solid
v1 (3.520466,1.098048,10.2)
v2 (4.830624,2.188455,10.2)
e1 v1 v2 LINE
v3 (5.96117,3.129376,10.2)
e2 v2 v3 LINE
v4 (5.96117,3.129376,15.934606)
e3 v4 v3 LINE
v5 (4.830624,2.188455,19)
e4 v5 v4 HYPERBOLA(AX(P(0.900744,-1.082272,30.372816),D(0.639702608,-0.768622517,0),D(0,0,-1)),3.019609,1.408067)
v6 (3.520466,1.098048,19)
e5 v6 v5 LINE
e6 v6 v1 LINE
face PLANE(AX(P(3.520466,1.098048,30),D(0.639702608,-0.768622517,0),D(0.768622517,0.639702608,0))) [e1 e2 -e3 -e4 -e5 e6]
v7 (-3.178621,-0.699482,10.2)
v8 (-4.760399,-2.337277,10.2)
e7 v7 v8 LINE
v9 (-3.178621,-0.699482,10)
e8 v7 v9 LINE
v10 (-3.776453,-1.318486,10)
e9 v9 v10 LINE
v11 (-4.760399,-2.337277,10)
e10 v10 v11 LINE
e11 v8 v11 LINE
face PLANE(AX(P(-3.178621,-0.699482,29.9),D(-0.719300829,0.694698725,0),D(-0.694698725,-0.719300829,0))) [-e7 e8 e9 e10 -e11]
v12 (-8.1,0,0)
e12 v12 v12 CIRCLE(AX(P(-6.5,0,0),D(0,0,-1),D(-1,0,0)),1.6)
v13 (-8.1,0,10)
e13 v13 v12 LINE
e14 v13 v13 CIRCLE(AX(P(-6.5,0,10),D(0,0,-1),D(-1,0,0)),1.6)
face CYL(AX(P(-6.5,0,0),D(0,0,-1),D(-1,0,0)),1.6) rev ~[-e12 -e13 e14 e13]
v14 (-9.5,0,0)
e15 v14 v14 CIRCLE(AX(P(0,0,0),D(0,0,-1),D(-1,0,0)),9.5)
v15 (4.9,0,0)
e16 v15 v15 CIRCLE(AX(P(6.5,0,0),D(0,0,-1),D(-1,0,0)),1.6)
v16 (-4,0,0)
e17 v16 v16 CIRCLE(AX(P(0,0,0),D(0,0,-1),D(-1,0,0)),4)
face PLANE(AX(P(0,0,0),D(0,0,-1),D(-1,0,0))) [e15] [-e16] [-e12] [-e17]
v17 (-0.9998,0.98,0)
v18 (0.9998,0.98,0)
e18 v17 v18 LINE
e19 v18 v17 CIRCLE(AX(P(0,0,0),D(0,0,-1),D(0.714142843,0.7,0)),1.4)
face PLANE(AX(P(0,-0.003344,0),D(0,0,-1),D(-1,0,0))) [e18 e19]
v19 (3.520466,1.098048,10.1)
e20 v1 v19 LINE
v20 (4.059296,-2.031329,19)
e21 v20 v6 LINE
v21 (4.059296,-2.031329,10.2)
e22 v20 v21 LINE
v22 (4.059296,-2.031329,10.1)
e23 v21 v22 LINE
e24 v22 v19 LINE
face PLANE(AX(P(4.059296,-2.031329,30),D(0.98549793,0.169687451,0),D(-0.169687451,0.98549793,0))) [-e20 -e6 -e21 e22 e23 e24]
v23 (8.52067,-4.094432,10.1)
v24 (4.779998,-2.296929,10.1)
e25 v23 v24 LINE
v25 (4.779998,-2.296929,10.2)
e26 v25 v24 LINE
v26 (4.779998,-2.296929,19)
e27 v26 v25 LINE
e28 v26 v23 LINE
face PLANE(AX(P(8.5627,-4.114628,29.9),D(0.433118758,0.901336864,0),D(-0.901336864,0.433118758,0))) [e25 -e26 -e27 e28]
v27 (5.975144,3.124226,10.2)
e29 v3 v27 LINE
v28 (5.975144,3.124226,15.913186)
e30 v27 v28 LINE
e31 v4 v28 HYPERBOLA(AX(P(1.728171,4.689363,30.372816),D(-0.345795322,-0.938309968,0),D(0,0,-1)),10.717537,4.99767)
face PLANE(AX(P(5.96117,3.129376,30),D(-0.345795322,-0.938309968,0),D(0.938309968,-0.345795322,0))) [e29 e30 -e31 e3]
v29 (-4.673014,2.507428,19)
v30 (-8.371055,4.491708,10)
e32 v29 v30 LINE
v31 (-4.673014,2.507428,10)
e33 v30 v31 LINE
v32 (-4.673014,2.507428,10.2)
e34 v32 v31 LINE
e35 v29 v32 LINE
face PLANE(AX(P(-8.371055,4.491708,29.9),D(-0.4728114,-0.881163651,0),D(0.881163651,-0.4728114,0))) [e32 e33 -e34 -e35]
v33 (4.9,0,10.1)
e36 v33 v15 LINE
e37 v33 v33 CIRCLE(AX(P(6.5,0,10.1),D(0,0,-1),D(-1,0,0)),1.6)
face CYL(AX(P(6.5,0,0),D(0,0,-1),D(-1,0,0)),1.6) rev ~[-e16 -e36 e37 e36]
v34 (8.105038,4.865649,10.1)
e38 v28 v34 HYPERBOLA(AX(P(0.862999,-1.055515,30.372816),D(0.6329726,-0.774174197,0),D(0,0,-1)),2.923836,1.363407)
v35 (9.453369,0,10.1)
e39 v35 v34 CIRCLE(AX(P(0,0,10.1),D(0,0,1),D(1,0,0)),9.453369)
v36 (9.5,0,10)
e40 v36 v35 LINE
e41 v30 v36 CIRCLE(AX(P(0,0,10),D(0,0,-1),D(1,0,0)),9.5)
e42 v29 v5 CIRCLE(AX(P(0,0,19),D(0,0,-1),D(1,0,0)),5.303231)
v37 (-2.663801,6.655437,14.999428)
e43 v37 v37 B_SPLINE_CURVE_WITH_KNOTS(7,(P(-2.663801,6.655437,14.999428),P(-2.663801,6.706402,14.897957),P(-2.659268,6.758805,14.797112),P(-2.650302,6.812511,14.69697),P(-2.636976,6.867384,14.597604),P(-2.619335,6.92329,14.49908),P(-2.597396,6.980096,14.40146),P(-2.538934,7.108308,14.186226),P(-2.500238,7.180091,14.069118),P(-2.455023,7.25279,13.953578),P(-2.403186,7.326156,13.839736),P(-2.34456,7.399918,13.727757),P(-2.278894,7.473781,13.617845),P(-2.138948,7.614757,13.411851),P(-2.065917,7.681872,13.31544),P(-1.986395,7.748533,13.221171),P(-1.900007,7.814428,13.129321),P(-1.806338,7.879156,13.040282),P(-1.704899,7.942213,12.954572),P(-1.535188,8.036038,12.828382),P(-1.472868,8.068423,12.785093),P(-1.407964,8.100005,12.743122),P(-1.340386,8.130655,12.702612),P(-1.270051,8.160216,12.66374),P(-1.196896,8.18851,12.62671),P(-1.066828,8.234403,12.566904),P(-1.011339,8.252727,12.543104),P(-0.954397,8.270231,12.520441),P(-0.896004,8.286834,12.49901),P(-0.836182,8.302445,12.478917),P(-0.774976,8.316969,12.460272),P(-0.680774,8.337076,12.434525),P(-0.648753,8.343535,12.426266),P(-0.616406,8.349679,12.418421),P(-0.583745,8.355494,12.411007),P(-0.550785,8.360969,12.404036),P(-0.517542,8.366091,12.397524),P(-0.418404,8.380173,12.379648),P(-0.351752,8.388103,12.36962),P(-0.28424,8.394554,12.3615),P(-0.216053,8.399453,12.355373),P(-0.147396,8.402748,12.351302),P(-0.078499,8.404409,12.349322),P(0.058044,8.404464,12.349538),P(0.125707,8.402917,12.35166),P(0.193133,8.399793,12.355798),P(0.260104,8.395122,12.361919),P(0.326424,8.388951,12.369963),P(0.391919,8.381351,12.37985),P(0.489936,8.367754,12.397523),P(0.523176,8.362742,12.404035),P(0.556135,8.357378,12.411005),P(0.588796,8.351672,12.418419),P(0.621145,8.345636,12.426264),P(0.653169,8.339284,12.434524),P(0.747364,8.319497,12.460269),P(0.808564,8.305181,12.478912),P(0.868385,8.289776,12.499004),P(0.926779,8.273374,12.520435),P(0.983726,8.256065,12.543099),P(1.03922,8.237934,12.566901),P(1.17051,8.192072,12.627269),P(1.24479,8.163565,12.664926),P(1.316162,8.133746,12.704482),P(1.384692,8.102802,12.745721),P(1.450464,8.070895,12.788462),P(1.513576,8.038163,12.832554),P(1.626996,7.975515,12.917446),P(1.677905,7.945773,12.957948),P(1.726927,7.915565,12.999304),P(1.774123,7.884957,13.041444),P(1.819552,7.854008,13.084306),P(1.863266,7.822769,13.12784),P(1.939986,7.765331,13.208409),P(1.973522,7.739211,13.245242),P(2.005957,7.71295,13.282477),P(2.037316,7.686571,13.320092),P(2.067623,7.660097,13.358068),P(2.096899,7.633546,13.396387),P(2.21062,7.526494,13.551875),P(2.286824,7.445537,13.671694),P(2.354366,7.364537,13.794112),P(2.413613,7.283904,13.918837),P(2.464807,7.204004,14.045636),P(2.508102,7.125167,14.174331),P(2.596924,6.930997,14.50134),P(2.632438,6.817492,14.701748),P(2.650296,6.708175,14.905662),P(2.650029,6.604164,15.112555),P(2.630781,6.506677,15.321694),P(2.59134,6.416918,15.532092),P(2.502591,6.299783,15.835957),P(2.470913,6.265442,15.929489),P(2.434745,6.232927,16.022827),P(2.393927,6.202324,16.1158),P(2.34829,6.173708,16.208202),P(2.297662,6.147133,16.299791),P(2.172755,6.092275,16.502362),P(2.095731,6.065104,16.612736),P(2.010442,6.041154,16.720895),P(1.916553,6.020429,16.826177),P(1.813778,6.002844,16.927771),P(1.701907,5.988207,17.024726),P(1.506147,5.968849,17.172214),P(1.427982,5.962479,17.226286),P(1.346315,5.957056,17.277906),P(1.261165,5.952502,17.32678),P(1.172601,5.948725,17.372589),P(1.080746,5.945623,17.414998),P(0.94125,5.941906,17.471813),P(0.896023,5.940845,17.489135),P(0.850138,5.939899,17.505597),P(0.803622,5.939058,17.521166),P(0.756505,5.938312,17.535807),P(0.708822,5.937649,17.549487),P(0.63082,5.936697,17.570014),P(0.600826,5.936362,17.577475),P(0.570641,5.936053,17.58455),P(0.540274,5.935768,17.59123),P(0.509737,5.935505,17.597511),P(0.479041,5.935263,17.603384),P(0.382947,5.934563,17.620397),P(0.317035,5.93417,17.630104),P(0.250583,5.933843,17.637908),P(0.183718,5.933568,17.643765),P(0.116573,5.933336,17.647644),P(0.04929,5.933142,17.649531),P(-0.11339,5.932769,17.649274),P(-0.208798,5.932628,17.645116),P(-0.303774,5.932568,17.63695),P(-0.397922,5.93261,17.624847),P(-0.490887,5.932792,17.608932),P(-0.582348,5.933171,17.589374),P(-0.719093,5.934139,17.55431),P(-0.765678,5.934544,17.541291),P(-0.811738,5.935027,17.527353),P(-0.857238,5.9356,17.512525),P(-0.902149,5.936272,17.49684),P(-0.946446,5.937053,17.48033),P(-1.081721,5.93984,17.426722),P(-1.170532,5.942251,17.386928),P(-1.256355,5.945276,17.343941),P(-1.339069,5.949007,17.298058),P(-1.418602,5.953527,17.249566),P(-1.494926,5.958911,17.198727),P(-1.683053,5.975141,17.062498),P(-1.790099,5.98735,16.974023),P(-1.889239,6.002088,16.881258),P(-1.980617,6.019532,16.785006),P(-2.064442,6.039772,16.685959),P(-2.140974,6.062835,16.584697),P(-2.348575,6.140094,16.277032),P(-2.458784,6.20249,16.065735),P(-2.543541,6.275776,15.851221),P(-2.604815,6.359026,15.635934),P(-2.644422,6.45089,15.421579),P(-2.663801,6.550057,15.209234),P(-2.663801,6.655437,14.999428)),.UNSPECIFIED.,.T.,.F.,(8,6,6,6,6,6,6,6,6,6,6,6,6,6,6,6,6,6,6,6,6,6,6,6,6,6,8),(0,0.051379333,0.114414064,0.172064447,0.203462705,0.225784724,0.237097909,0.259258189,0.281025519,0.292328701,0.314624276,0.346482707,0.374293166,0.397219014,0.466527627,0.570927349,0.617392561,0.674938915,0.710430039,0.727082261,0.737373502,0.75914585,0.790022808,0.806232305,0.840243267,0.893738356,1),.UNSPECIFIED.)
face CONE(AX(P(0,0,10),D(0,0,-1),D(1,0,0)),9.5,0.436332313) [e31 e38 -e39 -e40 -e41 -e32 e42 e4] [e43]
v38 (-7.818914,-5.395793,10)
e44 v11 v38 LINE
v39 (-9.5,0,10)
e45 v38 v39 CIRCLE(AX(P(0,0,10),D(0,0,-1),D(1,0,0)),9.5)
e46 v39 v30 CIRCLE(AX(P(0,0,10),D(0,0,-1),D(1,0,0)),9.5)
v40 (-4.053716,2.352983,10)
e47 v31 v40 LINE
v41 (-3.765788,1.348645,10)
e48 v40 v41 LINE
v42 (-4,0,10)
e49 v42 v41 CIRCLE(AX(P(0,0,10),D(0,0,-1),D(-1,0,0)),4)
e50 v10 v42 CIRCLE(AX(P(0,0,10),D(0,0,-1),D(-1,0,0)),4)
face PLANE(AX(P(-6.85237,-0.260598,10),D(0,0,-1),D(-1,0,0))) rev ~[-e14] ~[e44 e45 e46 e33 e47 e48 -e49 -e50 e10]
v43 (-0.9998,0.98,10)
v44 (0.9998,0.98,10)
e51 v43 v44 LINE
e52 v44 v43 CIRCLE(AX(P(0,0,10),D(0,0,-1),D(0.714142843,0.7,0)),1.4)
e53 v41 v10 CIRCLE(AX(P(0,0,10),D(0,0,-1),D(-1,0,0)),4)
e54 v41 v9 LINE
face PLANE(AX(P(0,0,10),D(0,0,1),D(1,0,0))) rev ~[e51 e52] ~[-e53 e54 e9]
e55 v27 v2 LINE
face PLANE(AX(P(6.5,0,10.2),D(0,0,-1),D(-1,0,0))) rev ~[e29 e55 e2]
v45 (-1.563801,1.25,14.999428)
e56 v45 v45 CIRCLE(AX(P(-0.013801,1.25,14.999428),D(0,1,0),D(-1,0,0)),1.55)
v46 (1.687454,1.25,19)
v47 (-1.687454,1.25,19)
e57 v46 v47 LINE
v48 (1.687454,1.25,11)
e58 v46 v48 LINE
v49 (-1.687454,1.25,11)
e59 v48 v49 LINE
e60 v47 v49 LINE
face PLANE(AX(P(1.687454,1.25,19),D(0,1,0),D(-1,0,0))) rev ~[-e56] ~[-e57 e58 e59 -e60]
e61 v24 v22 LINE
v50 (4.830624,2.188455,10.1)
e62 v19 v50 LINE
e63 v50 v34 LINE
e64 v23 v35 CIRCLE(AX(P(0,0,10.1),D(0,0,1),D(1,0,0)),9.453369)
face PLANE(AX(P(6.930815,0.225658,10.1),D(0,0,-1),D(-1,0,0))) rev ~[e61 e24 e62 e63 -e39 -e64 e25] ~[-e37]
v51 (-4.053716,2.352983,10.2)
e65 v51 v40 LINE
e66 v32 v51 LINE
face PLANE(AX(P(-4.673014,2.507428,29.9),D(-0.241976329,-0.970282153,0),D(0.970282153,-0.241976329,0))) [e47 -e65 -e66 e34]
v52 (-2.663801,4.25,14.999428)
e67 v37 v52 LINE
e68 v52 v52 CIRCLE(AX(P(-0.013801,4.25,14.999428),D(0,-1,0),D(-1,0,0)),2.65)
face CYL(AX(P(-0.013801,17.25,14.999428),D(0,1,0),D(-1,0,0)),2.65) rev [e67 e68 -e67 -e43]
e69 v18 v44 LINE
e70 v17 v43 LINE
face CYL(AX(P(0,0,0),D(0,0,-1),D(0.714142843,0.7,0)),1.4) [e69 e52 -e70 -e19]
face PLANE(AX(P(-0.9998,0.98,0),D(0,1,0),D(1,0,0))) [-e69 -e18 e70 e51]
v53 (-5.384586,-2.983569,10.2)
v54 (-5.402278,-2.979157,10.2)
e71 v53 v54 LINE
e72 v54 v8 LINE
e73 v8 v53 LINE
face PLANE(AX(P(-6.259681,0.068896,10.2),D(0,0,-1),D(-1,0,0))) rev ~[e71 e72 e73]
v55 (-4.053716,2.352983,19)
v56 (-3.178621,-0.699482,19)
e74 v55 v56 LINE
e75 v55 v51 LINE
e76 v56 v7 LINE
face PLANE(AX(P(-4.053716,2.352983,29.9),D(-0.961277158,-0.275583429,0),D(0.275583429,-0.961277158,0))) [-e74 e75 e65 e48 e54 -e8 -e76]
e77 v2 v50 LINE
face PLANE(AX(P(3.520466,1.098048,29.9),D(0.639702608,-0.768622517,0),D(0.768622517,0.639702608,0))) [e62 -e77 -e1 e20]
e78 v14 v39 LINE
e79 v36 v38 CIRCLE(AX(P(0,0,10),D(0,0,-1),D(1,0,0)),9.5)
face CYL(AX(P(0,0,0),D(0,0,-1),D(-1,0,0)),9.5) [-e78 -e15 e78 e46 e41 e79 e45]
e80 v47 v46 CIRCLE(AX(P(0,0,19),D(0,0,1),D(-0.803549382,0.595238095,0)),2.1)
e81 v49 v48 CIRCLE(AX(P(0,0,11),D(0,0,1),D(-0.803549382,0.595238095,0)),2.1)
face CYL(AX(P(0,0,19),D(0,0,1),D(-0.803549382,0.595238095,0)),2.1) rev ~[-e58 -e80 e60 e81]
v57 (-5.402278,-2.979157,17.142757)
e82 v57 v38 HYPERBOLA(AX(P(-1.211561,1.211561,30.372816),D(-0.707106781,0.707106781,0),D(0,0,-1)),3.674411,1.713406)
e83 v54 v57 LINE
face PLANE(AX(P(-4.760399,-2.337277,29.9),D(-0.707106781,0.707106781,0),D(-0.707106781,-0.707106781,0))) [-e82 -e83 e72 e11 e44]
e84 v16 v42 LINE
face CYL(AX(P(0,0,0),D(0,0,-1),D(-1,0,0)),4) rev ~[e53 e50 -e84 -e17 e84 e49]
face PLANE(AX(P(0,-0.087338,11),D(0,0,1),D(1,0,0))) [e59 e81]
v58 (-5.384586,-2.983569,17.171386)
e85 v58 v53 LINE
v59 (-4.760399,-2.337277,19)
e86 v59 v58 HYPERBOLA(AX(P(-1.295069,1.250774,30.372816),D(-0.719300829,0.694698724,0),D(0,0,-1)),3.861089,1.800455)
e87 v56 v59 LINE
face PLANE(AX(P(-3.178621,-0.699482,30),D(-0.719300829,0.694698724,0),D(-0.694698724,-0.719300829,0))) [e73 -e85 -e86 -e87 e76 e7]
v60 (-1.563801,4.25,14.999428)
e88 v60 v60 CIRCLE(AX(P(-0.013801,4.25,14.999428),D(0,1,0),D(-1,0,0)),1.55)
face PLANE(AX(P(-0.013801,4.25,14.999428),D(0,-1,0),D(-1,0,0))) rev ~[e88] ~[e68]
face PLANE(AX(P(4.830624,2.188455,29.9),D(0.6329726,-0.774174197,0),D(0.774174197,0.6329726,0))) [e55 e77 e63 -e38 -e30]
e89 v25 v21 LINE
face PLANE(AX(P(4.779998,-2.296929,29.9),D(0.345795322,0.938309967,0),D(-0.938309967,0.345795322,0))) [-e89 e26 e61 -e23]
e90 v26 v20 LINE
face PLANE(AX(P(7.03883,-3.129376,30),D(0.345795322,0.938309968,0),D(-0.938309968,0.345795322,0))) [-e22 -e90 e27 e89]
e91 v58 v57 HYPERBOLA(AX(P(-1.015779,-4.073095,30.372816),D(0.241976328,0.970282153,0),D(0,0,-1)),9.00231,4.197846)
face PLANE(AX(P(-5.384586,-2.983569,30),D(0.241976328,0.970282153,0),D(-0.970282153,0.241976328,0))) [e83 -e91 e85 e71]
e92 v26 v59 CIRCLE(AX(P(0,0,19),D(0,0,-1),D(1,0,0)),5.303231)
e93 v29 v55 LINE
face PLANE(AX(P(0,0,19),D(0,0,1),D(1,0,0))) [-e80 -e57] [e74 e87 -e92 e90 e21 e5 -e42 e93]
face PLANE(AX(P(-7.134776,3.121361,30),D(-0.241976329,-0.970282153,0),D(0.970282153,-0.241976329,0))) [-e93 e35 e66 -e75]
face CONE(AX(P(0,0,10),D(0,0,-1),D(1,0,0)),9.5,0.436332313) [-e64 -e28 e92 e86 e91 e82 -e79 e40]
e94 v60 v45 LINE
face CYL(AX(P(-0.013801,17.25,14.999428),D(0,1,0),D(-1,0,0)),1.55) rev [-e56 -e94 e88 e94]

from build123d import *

# Parameters (mm, degrees)
ESBO_O2_R                   = 9.5
RESSALTO_EXTRUS_O3_DEPTH    = 9
RESSALTO_EXTRUS_O3_TAPER    = 25
CORTE_EXTRUS_O1_DEPTH       = 8
CORTE_EXTRUS_O4_DEPTH       = 10
CORTE_EXTRUS_O4_DEPTH_BACK  = 8
ESBO_O12_R                  = 1.55
CORTE_EXTRUS_O5_DEPTH       = 5
CORTE_EXTRUS_O5_DEPTH_BACK  = 8
ESBO_O20_R                  = 2.65
CORTE_EXTRUS_O6_DEPTH       = 9.8
CORTE_EXTRUS_O6_DEPTH_BACK  = 10
ESBO_O36_R                  = 1.6
CORTE_EXTRUS_O8_DEPTH       = 10
RESSALTO_EXTRUS_O4_START    = 10
ESBO_O36_3_R                = 9.5
ESBO_O36_3_R_2              = 1.6
ESBO_O36_3_R_3              = 4
RESSALTO_EXTRUS_O4_DEPTH    = 10
CORTE_EXTRUS_O10_DEPTH      = 10
CORTE_EXTRUS_O10_DEPTH_BACK = 9.9
CORTE_EXTRUS_O11_DEPTH      = 9.9
CORTE_EXTRUS_O11_DEPTH_BACK = 9.9


with BuildPart() as part:
    # Esboço2 → Ressalto-extrusão3 (new body)
    with BuildSketch(Plane.XY.offset(10)):
        Circle(ESBO_O2_R)
    extrude(amount=RESSALTO_EXTRUS_O3_DEPTH, taper=RESSALTO_EXTRUS_O3_TAPER)

    # Esboço8 → Corte-extrusão1 (cut)
    with BuildSketch(Plane.XY.offset(19)):
        with BuildLine():
            ThreePointArc((-1.687453703, 1.25), (0, -2.1), (1.687453703, 1.25))
            Line((1.687453703, 1.25), (-1.687453703, 1.25))
        make_face()
    extrude(amount=-CORTE_EXTRUS_O1_DEPTH, mode=Mode.SUBTRACT)

    # Esboço12 → Corte-extrusão4 (cut, two sides: drawn at the far end of the back side and taken through both)
    with BuildSketch(Plane(origin=(0, 9.25, 0), x_dir=(-1, 0, 0), z_dir=(0, -1, 0)).offset(-CORTE_EXTRUS_O4_DEPTH_BACK)):
        with Locations((0.013800593, -14.999427624)):
            Circle(ESBO_O12_R)
    extrude(amount=CORTE_EXTRUS_O4_DEPTH + CORTE_EXTRUS_O4_DEPTH_BACK, mode=Mode.SUBTRACT)

    # Esboço20 → Corte-extrusão5 (cut, two sides: drawn at the far end of the back side and taken through both)
    with BuildSketch(Plane(origin=(0, 9.25, 0), x_dir=(-1, 0, 0), z_dir=(0, -1, 0)).offset(-CORTE_EXTRUS_O5_DEPTH_BACK)):
        with Locations((0.013800593, -14.999427624)):
            Circle(ESBO_O20_R)
    extrude(amount=CORTE_EXTRUS_O5_DEPTH + CORTE_EXTRUS_O5_DEPTH_BACK, mode=Mode.SUBTRACT)

    # Esboço25 → Corte-extrusão6 (cut, two sides: drawn at the far end of the back side and taken through both)
    with BuildSketch(Plane(origin=(0, 0, 20), x_dir=(-1, 0, 0), z_dir=(0, 0, -1)).offset(-CORTE_EXTRUS_O6_DEPTH_BACK)):
        Polygon((7.134775628, 3.121360799), (4.053715986, 2.352982757), (3.178621068, -0.699482185), (5.384585793, -2.983569084), (8.465645436, -2.215191043), (9.340740353, 0.837273899), align=None)
        Polygon((-5.961169976, 3.129376222), (-8.940704294, 2.0313286), (-9.479534318, -1.098047621), (-7.038830024, -3.129376222), (-4.059295706, -2.0313286), (-3.520465682, 1.098047621), align=None)
    extrude(amount=CORTE_EXTRUS_O6_DEPTH + CORTE_EXTRUS_O6_DEPTH_BACK, mode=Mode.SUBTRACT)

    # Esboço36 → Corte-extrusão8 (cut)
    with BuildSketch(Plane(origin=(0, 0, 10), x_dir=(-1, 0, 0), z_dir=(0, 0, -1))):
        with Locations((-6.5, 0)):
            Circle(ESBO_O36_R)
        with Locations((6.5, 0)):
            Circle(ESBO_O36_R)
    extrude(amount=-CORTE_EXTRUS_O8_DEPTH, mode=Mode.SUBTRACT)

    # Esboço36<3> → Ressalto-extrusão4 (add)
    # profile 1 of 2: a face of its own
    with BuildSketch(Plane(origin=(0, 0, 10), x_dir=(-1, 0, 0), z_dir=(0, 0, -1)).offset(RESSALTO_EXTRUS_O4_START)):
        Circle(ESBO_O36_3_R)
        with Locations((-6.5, 0)):
            Circle(ESBO_O36_3_R_2, mode=Mode.SUBTRACT)
        Circle(ESBO_O36_3_R_3, mode=Mode.SUBTRACT)
        with Locations((6.5, 0)):
            Circle(ESBO_O36_3_R_2, mode=Mode.SUBTRACT)
    # profile 2 of 2: a face of its own
    with BuildSketch(Plane(origin=(0, 0, 10), x_dir=(-1, 0, 0), z_dir=(0, 0, -1)).offset(RESSALTO_EXTRUS_O4_START)):
        with BuildLine():
            Line((0.99979998, 0.98), (-0.99979998, 0.98))
            ThreePointArc((-0.99979998, 0.98), (0, -1.4), (0.99979998, 0.98))
        make_face()
    extrude(amount=-RESSALTO_EXTRUS_O4_DEPTH)

    # Esboço49 → Corte-extrusão10 (cut, two sides: drawn at the far end of the back side and taken through both)
    with BuildSketch(Plane(origin=(0, 0, 20), x_dir=(-1, 0, 0), z_dir=(0, 0, -1)).offset(-CORTE_EXTRUS_O10_DEPTH_BACK)):
        with BuildLine():
            Line((8.371054684, 4.491708302), (4.673014458, 2.507428111))
            Line((4.673014458, 2.507428111), (4.053715986, 2.352982757))
            Line((4.053715986, 2.352982757), (3.178621068, -0.699482185))
            Line((3.178621068, -0.699482185), (4.760398724, -2.337277014))
            Line((4.760398724, -2.337277014), (7.818914356, -5.395792647))
            ThreePointArc((7.818914356, -5.395792647), (9.069996868, -2.825801976), (9.5, 0))
            ThreePointArc((9.5, 0), (9.213441797, 2.31570513), (8.371054684, 4.491708302))
        make_face()
    extrude(amount=CORTE_EXTRUS_O10_DEPTH + CORTE_EXTRUS_O10_DEPTH_BACK, mode=Mode.SUBTRACT)

    # Esboço49<4> → Corte-extrusão11 (cut, two sides: drawn at the far end of the back side and taken through both)
    with BuildSketch(Plane(origin=(0, 0, 20), x_dir=(-1, 0, 0), z_dir=(0, 0, -1)).offset(-CORTE_EXTRUS_O11_DEPTH_BACK)):
        with BuildLine():
            Line((-3.520465682, 1.098047621), (-4.830623712, 2.188454798))
            Line((-4.830623712, 2.188454798), (-8.141518287, 4.89547546))
            ThreePointArc((-8.141518287, 4.89547546), (-9.48963755, 0.443597976), (-8.562700205, -4.114628197))
            Line((-8.562700205, -4.114628197), (-4.779997666, -2.296928855))
            Line((-4.779997666, -2.296928855), (-4.059295706, -2.0313286))
            Line((-4.059295706, -2.0313286), (-3.520465682, 1.098047621))
        make_face()
    extrude(amount=CORTE_EXTRUS_O11_DEPTH + CORTE_EXTRUS_O11_DEPTH_BACK, mode=Mode.SUBTRACT)


solid = part.part
